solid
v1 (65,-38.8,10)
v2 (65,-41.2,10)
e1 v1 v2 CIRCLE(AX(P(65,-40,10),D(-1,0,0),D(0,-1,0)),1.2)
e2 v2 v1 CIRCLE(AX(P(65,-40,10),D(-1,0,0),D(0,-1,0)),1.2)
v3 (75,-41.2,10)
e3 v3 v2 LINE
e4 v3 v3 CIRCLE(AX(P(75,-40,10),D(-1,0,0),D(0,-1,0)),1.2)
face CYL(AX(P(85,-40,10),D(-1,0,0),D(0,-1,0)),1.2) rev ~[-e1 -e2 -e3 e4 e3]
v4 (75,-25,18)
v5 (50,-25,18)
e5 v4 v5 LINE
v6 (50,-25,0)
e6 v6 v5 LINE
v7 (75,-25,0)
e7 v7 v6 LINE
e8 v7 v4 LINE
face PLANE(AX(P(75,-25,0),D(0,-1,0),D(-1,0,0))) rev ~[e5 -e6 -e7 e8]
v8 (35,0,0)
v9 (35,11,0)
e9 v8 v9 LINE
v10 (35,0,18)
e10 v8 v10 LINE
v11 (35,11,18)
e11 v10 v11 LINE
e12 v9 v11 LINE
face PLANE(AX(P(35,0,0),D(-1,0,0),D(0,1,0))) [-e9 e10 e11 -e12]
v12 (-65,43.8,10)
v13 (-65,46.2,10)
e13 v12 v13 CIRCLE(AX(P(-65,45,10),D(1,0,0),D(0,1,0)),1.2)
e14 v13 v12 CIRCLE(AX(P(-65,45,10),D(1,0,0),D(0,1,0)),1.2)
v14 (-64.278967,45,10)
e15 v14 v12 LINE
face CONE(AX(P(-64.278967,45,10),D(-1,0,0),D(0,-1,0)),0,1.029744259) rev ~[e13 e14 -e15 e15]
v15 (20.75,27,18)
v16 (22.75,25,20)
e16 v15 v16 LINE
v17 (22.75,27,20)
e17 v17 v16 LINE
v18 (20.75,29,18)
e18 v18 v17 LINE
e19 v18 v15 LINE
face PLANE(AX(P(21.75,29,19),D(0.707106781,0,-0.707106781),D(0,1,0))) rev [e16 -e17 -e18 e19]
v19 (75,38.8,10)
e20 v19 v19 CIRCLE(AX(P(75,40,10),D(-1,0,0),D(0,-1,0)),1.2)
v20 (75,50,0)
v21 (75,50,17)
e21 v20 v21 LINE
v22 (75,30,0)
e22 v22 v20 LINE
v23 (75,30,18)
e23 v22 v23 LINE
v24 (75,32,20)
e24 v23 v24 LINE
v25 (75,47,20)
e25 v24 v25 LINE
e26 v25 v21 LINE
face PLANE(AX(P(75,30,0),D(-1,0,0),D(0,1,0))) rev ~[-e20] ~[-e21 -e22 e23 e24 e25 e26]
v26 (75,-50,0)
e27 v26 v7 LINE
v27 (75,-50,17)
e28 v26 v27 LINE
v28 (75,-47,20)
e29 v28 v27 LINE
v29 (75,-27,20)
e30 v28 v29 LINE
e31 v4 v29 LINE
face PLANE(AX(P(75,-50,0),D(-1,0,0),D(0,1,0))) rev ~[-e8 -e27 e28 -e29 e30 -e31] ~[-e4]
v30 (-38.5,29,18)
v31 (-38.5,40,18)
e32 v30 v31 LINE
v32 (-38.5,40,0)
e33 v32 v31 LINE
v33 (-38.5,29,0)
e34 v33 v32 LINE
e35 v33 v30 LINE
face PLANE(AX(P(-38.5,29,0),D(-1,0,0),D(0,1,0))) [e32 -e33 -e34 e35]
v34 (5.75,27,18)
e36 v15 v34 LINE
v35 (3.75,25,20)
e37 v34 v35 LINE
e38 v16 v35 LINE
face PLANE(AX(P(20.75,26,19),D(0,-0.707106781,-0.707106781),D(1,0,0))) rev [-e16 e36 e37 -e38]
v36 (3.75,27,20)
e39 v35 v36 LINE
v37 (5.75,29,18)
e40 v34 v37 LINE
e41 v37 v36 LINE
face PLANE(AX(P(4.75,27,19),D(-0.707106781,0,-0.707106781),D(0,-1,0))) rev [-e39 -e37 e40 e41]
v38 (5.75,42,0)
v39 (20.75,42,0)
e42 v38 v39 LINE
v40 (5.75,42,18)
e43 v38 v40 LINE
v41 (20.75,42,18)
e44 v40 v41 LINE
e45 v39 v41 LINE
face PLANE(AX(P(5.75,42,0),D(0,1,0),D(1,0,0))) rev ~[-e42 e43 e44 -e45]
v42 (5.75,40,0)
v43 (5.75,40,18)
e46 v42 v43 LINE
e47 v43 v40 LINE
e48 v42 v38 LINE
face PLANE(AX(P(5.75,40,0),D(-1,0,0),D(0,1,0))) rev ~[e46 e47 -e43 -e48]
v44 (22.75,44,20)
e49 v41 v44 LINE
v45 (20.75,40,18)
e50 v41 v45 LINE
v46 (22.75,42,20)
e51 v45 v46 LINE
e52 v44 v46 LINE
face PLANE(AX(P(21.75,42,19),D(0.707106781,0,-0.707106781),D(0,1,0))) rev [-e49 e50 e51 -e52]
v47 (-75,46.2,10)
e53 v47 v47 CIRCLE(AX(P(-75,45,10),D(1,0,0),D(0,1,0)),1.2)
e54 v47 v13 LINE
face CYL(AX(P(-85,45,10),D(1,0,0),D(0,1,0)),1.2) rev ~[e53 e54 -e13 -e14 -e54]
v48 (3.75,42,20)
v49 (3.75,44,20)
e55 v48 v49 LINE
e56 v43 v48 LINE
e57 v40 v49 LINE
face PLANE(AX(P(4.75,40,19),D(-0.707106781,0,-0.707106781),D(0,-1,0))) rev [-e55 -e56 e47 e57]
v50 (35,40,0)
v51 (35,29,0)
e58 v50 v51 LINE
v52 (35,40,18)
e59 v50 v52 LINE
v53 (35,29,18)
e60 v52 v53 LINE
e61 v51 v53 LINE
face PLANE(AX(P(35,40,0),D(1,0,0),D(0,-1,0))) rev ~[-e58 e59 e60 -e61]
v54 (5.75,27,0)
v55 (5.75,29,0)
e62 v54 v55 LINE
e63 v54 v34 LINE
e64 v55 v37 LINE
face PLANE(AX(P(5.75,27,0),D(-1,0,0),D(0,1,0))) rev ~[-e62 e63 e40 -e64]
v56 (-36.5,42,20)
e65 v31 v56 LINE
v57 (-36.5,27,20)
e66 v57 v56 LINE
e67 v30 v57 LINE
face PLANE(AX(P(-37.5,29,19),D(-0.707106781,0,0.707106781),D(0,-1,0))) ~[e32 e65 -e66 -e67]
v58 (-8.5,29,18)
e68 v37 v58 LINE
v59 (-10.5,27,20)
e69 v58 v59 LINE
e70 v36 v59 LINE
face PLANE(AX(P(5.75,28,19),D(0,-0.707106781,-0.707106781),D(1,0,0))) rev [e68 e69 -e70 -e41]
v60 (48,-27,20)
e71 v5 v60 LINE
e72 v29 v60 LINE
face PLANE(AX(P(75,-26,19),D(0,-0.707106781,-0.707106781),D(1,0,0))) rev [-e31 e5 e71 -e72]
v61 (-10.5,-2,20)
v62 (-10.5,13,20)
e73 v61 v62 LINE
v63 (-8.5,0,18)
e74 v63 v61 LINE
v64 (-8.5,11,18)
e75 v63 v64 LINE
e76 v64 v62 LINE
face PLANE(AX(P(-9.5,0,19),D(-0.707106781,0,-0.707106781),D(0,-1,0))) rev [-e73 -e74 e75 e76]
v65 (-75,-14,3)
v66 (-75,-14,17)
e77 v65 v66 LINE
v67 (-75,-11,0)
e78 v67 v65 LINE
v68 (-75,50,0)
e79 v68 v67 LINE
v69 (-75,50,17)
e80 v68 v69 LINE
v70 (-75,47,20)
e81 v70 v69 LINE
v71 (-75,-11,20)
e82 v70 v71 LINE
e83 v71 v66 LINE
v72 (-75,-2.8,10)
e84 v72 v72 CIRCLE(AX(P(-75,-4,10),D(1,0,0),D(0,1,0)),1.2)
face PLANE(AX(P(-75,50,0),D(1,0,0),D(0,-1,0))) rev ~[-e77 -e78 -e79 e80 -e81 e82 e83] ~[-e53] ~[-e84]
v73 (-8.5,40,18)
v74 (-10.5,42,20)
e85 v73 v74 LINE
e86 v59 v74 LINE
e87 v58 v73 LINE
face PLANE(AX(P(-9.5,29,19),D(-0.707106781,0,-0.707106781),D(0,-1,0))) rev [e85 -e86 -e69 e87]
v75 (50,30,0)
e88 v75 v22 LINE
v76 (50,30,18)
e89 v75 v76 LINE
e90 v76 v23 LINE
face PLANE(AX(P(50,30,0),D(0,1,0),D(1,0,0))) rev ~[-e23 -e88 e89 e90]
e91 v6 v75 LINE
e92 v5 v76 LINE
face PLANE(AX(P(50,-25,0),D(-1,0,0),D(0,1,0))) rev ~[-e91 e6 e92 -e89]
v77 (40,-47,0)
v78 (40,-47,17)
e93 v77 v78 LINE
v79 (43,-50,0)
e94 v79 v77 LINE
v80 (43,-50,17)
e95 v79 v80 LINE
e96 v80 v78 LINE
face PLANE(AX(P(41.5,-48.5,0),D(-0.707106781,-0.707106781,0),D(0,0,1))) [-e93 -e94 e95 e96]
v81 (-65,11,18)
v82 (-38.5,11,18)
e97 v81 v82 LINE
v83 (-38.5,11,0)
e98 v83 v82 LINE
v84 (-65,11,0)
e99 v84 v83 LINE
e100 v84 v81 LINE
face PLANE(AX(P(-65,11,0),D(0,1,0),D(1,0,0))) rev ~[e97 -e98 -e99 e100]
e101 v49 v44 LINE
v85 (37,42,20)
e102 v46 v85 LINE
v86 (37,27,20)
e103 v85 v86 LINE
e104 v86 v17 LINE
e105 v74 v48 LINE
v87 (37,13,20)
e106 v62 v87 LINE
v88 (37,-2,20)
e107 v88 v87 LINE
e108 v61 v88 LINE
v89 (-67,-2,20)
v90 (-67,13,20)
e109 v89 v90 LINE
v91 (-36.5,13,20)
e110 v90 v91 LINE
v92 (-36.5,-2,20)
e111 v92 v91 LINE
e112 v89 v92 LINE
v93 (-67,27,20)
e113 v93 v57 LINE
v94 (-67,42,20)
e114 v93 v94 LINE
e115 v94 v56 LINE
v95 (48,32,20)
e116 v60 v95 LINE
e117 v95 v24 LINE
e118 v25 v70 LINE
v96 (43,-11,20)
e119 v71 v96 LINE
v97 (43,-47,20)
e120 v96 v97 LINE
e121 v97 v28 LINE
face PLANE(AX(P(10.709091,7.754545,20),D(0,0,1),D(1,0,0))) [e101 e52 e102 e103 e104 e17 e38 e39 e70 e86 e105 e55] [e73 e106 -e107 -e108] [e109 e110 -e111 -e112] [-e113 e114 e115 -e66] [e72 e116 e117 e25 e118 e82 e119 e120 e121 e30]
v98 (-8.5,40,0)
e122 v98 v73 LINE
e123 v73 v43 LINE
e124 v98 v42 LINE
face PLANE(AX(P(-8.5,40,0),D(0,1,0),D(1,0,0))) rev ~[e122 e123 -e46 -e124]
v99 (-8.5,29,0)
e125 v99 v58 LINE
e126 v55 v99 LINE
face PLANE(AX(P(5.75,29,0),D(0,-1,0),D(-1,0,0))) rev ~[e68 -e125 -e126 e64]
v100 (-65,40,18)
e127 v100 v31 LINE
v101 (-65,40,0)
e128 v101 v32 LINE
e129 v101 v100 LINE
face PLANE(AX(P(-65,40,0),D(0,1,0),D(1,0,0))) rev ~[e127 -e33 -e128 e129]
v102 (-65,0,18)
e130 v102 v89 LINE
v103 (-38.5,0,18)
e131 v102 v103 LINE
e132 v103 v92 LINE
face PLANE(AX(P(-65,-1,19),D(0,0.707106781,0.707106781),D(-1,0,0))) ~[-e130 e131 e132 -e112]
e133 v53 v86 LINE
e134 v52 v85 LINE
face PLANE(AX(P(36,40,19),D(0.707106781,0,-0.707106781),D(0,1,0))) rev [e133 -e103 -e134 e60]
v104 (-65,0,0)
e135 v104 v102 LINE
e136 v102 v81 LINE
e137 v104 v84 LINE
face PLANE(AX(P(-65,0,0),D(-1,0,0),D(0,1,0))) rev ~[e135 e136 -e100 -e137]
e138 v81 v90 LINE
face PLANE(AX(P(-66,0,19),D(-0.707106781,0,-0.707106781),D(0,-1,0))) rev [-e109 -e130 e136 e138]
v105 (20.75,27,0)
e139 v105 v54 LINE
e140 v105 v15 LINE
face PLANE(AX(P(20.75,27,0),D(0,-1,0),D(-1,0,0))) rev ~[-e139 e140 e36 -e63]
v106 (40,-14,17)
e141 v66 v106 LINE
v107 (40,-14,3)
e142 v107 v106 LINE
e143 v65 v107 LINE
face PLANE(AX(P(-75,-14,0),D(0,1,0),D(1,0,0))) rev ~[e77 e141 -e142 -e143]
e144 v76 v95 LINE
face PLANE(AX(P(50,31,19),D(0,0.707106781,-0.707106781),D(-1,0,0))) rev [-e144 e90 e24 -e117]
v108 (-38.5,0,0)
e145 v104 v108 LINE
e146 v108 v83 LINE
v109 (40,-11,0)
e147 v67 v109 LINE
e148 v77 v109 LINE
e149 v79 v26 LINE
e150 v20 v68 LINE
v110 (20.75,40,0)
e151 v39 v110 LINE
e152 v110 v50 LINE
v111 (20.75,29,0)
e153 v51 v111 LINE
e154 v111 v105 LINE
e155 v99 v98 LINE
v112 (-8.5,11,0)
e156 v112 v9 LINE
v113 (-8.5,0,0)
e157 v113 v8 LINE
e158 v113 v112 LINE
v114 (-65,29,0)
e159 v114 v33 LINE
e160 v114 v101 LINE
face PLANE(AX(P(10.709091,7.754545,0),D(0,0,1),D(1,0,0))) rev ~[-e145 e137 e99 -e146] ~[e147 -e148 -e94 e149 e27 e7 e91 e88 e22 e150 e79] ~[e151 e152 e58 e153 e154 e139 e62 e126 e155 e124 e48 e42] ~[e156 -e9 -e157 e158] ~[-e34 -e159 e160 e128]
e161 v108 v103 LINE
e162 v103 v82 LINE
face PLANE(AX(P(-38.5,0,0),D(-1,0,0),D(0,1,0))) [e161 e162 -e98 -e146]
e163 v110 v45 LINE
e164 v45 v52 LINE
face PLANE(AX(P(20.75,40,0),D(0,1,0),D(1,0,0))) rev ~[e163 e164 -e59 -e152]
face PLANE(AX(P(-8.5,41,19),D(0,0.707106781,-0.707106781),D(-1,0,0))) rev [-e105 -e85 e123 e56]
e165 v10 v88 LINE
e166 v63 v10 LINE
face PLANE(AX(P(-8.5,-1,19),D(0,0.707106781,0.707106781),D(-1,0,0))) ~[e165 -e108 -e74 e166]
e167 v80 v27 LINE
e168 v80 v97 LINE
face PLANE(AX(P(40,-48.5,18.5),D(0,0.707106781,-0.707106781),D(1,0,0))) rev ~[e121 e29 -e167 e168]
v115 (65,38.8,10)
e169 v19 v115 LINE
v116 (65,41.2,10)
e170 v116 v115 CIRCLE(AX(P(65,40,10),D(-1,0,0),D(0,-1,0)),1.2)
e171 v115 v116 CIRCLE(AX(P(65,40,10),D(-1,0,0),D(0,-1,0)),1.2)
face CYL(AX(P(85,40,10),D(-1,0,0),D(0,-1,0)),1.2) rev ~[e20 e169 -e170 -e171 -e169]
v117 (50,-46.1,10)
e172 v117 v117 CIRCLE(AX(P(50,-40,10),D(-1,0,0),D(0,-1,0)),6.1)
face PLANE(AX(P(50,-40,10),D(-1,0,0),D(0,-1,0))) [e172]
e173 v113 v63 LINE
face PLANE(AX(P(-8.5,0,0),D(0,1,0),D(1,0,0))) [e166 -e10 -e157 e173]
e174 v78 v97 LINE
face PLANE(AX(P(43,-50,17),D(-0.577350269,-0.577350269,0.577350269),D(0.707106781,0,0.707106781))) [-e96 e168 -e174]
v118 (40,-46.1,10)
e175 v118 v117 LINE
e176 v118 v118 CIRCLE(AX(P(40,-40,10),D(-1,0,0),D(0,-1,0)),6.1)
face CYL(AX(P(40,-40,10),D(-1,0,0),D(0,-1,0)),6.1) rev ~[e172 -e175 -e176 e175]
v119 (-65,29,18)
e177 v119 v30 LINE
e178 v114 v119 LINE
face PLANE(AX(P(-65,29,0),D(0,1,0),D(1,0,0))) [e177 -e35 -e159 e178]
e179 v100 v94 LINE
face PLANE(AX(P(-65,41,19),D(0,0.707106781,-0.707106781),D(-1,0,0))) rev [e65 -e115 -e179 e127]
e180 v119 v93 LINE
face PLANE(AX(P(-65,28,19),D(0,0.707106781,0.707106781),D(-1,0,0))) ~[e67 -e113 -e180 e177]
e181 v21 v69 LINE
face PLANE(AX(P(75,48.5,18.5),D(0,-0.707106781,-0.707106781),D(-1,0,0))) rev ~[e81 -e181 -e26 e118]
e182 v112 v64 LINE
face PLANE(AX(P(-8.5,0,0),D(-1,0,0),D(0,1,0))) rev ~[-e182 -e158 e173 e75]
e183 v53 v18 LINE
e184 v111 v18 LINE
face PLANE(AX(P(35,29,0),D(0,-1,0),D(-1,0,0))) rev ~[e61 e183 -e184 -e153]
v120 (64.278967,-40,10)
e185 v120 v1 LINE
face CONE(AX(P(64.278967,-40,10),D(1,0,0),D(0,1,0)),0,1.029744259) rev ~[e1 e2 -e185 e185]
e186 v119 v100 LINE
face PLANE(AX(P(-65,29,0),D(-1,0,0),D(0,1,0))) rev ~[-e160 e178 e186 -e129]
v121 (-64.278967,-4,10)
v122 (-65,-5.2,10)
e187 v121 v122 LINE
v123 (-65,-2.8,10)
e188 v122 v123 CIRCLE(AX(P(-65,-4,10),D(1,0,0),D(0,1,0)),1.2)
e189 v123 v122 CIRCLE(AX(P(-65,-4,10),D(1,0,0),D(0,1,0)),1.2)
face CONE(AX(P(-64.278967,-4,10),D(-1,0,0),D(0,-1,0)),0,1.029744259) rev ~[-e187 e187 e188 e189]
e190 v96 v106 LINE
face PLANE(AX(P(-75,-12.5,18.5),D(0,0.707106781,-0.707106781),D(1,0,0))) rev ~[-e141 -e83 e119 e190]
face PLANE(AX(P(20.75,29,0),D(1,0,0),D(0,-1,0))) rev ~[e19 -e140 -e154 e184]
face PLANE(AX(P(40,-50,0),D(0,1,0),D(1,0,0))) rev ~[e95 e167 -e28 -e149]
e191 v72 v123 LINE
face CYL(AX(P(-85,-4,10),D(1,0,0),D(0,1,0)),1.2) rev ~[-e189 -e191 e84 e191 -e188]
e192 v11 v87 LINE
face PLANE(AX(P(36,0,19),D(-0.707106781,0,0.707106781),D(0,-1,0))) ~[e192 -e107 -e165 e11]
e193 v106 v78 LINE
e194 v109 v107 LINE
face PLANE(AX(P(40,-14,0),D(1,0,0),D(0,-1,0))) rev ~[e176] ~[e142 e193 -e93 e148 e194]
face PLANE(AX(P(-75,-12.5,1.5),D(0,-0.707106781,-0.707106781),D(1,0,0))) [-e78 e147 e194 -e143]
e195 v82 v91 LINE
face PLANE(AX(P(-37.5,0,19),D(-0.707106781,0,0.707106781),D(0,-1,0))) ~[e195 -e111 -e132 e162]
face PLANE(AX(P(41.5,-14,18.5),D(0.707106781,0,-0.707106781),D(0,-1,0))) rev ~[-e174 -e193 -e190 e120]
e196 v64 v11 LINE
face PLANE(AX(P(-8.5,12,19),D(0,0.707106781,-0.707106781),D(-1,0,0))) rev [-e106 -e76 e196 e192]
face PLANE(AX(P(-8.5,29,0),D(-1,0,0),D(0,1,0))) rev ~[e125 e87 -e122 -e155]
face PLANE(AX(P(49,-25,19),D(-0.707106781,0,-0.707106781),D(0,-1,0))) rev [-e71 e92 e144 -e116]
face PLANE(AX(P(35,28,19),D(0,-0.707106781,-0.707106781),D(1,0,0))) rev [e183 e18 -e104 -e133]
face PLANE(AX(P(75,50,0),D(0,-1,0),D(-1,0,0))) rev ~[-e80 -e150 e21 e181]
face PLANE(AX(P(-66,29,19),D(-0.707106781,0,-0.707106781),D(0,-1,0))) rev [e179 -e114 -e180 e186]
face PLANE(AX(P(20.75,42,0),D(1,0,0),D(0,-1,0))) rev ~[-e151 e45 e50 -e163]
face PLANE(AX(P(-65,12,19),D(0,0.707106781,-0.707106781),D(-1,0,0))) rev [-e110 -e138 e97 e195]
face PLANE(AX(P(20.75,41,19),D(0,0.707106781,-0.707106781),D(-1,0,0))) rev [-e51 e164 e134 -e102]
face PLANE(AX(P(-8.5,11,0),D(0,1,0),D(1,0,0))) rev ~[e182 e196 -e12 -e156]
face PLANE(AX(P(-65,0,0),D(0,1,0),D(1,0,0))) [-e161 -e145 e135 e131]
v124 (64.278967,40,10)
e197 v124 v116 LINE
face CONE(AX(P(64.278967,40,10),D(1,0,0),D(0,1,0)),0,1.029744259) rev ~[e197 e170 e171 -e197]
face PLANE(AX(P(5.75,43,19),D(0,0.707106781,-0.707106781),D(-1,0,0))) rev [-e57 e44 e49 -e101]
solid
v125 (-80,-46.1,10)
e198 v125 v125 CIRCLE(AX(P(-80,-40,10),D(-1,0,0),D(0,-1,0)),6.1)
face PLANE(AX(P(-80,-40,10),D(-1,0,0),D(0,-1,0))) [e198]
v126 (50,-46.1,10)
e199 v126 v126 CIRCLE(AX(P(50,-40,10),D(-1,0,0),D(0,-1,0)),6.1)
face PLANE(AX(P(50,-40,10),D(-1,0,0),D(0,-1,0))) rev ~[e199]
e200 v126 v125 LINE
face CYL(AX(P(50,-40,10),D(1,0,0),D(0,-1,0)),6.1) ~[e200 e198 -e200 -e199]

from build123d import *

# Parameters (mm, degrees)
F0_W           = 26.5
F0_H           = 11
F0_W_2         = 43.5
F1_DEPTH       = 20
F2_SIZE        = 2
F3_R           = 6.1
F4_DEPTH       = 10
F5_DEPTH       = 130
F8_D           = 2.4
F8_DEPTH       = 10
F8_TIP         = 0.7210327428
F8_ON_F7_D     = 2.4
F8_ON_F7_DEPTH = 10
F8_ON_F7_TIP   = 0.7210327428
F9_SIZE        = 3


with BuildPart() as f1:
    # F0 (on Top) → F1 (new body)
    with BuildSketch(Plane.XY):
        Polygon((40, -50), (75, -50), (75, -25), (50, -25), (50, 30), (75, 30), (75, 50), (-75, 50), (-75, -14), (40, -14), align=None)
        with Locations((-51.75, 5.5)):
            Rectangle(F0_W, F0_H, mode=Mode.SUBTRACT)
        with Locations((-51.75, 34.5)):
            Rectangle(F0_W, F0_H, mode=Mode.SUBTRACT)
        with Locations((13.25, 5.5)):
            Rectangle(F0_W_2, F0_H, mode=Mode.SUBTRACT)
        Polygon((-8.5, 29), (-8.5, 40), (5.75, 40), (5.75, 42), (20.75, 42), (20.75, 40), (35, 40), (35, 29), (20.75, 29), (20.75, 27), (5.75, 27), (5.75, 29), align=None, mode=Mode.SUBTRACT)
    extrude(amount=F1_DEPTH)

    # F2
    f2_edges = [f1.edges().sort_by_distance(p)[0] for p in [
        (-51.75, 11, 20),
        (-65, 5.5, 20),
        (-51.75, 0, 20),
        (-38.5, 5.5, 20),
        (-38.5, 34.5, 20),
        (-51.75, 40, 20),
        (-51.75, 29, 20),
        (-65, 34.5, 20),
        (13.25, 11, 20),
        (-8.5, 5.5, 20),
        (13.25, 0, 20),
        (35, 5.5, 20),
        (62.5, 30, 20),
        (50, 2.5, 20),
        (62.5, -25, 20),
        (13.25, 42, 20),
        (5.75, 41, 20),
        (27.875, 40, 20),
        (20.75, 41, 20),
        (5.75, 28, 20),
        (13.25, 27, 20),
        (20.75, 28, 20),
        (27.875, 29, 20),
        (-8.5, 34.5, 20),
        (-1.375, 40, 20),
        (-1.375, 29, 20),
        (35, 34.5, 20),
    ]]
    chamfer(f2_edges, length=F2_SIZE)

    # F3 (on face) → F4 (cut)
    with BuildSketch(Plane(origin=(40, 0, 0), x_dir=(0, -1, 0), z_dir=(-1, 0, 0))):
        with Locations((40, 10)):
            Circle(F3_R)
    extrude(amount=-F4_DEPTH, mode=Mode.SUBTRACT)


with BuildPart() as f5:
    # F5 (new): a face of the model
    f5_faces = [f1.part.faces().sort_by_distance(p)[0] for p in [
        (50, -40, 10),
    ]]
    extrude(f5_faces, amount=F5_DEPTH)


with BuildPart() as f1_1:
    add(f1.part)

    # F8
    with Locations(Plane.YZ.offset(75)):
        with Locations((-40, 10), (40, 10)):
            Hole(F8_D / 2, depth=F8_DEPTH)
            with Locations((0, 0, -(F8_DEPTH + F8_TIP / 2))):  # 118° drill point
                Cone(0, F8_D / 2, F8_TIP, mode=Mode.SUBTRACT)

    # F8 on F7
    with Locations(Plane(origin=(-75, 0, 0), x_dir=(0, -1, 0), z_dir=(-1, 0, 0))):
        with Locations((4, 10), (-45, 10)):
            Hole(F8_ON_F7_D / 2, depth=F8_ON_F7_DEPTH)
            with Locations((0, 0, -(F8_ON_F7_DEPTH + F8_ON_F7_TIP / 2))):  # 118° drill point
                Cone(0, F8_ON_F7_D / 2, F8_ON_F7_TIP, mode=Mode.SUBTRACT)

    # F9
    f9_edges = [f1_1.edges().sort_by_distance(p)[0] for p in [
        (0, 50, 20),
        (40, -32, 20),
        (40, -50, 10),
        (57.5, -50, 20),
        (-17.5, -14, 20),
        (-17.5, -14, 0),
    ]]
    chamfer(f9_edges, length=F9_SIZE)


solid = Compound([f5.part, f1_1.part])
